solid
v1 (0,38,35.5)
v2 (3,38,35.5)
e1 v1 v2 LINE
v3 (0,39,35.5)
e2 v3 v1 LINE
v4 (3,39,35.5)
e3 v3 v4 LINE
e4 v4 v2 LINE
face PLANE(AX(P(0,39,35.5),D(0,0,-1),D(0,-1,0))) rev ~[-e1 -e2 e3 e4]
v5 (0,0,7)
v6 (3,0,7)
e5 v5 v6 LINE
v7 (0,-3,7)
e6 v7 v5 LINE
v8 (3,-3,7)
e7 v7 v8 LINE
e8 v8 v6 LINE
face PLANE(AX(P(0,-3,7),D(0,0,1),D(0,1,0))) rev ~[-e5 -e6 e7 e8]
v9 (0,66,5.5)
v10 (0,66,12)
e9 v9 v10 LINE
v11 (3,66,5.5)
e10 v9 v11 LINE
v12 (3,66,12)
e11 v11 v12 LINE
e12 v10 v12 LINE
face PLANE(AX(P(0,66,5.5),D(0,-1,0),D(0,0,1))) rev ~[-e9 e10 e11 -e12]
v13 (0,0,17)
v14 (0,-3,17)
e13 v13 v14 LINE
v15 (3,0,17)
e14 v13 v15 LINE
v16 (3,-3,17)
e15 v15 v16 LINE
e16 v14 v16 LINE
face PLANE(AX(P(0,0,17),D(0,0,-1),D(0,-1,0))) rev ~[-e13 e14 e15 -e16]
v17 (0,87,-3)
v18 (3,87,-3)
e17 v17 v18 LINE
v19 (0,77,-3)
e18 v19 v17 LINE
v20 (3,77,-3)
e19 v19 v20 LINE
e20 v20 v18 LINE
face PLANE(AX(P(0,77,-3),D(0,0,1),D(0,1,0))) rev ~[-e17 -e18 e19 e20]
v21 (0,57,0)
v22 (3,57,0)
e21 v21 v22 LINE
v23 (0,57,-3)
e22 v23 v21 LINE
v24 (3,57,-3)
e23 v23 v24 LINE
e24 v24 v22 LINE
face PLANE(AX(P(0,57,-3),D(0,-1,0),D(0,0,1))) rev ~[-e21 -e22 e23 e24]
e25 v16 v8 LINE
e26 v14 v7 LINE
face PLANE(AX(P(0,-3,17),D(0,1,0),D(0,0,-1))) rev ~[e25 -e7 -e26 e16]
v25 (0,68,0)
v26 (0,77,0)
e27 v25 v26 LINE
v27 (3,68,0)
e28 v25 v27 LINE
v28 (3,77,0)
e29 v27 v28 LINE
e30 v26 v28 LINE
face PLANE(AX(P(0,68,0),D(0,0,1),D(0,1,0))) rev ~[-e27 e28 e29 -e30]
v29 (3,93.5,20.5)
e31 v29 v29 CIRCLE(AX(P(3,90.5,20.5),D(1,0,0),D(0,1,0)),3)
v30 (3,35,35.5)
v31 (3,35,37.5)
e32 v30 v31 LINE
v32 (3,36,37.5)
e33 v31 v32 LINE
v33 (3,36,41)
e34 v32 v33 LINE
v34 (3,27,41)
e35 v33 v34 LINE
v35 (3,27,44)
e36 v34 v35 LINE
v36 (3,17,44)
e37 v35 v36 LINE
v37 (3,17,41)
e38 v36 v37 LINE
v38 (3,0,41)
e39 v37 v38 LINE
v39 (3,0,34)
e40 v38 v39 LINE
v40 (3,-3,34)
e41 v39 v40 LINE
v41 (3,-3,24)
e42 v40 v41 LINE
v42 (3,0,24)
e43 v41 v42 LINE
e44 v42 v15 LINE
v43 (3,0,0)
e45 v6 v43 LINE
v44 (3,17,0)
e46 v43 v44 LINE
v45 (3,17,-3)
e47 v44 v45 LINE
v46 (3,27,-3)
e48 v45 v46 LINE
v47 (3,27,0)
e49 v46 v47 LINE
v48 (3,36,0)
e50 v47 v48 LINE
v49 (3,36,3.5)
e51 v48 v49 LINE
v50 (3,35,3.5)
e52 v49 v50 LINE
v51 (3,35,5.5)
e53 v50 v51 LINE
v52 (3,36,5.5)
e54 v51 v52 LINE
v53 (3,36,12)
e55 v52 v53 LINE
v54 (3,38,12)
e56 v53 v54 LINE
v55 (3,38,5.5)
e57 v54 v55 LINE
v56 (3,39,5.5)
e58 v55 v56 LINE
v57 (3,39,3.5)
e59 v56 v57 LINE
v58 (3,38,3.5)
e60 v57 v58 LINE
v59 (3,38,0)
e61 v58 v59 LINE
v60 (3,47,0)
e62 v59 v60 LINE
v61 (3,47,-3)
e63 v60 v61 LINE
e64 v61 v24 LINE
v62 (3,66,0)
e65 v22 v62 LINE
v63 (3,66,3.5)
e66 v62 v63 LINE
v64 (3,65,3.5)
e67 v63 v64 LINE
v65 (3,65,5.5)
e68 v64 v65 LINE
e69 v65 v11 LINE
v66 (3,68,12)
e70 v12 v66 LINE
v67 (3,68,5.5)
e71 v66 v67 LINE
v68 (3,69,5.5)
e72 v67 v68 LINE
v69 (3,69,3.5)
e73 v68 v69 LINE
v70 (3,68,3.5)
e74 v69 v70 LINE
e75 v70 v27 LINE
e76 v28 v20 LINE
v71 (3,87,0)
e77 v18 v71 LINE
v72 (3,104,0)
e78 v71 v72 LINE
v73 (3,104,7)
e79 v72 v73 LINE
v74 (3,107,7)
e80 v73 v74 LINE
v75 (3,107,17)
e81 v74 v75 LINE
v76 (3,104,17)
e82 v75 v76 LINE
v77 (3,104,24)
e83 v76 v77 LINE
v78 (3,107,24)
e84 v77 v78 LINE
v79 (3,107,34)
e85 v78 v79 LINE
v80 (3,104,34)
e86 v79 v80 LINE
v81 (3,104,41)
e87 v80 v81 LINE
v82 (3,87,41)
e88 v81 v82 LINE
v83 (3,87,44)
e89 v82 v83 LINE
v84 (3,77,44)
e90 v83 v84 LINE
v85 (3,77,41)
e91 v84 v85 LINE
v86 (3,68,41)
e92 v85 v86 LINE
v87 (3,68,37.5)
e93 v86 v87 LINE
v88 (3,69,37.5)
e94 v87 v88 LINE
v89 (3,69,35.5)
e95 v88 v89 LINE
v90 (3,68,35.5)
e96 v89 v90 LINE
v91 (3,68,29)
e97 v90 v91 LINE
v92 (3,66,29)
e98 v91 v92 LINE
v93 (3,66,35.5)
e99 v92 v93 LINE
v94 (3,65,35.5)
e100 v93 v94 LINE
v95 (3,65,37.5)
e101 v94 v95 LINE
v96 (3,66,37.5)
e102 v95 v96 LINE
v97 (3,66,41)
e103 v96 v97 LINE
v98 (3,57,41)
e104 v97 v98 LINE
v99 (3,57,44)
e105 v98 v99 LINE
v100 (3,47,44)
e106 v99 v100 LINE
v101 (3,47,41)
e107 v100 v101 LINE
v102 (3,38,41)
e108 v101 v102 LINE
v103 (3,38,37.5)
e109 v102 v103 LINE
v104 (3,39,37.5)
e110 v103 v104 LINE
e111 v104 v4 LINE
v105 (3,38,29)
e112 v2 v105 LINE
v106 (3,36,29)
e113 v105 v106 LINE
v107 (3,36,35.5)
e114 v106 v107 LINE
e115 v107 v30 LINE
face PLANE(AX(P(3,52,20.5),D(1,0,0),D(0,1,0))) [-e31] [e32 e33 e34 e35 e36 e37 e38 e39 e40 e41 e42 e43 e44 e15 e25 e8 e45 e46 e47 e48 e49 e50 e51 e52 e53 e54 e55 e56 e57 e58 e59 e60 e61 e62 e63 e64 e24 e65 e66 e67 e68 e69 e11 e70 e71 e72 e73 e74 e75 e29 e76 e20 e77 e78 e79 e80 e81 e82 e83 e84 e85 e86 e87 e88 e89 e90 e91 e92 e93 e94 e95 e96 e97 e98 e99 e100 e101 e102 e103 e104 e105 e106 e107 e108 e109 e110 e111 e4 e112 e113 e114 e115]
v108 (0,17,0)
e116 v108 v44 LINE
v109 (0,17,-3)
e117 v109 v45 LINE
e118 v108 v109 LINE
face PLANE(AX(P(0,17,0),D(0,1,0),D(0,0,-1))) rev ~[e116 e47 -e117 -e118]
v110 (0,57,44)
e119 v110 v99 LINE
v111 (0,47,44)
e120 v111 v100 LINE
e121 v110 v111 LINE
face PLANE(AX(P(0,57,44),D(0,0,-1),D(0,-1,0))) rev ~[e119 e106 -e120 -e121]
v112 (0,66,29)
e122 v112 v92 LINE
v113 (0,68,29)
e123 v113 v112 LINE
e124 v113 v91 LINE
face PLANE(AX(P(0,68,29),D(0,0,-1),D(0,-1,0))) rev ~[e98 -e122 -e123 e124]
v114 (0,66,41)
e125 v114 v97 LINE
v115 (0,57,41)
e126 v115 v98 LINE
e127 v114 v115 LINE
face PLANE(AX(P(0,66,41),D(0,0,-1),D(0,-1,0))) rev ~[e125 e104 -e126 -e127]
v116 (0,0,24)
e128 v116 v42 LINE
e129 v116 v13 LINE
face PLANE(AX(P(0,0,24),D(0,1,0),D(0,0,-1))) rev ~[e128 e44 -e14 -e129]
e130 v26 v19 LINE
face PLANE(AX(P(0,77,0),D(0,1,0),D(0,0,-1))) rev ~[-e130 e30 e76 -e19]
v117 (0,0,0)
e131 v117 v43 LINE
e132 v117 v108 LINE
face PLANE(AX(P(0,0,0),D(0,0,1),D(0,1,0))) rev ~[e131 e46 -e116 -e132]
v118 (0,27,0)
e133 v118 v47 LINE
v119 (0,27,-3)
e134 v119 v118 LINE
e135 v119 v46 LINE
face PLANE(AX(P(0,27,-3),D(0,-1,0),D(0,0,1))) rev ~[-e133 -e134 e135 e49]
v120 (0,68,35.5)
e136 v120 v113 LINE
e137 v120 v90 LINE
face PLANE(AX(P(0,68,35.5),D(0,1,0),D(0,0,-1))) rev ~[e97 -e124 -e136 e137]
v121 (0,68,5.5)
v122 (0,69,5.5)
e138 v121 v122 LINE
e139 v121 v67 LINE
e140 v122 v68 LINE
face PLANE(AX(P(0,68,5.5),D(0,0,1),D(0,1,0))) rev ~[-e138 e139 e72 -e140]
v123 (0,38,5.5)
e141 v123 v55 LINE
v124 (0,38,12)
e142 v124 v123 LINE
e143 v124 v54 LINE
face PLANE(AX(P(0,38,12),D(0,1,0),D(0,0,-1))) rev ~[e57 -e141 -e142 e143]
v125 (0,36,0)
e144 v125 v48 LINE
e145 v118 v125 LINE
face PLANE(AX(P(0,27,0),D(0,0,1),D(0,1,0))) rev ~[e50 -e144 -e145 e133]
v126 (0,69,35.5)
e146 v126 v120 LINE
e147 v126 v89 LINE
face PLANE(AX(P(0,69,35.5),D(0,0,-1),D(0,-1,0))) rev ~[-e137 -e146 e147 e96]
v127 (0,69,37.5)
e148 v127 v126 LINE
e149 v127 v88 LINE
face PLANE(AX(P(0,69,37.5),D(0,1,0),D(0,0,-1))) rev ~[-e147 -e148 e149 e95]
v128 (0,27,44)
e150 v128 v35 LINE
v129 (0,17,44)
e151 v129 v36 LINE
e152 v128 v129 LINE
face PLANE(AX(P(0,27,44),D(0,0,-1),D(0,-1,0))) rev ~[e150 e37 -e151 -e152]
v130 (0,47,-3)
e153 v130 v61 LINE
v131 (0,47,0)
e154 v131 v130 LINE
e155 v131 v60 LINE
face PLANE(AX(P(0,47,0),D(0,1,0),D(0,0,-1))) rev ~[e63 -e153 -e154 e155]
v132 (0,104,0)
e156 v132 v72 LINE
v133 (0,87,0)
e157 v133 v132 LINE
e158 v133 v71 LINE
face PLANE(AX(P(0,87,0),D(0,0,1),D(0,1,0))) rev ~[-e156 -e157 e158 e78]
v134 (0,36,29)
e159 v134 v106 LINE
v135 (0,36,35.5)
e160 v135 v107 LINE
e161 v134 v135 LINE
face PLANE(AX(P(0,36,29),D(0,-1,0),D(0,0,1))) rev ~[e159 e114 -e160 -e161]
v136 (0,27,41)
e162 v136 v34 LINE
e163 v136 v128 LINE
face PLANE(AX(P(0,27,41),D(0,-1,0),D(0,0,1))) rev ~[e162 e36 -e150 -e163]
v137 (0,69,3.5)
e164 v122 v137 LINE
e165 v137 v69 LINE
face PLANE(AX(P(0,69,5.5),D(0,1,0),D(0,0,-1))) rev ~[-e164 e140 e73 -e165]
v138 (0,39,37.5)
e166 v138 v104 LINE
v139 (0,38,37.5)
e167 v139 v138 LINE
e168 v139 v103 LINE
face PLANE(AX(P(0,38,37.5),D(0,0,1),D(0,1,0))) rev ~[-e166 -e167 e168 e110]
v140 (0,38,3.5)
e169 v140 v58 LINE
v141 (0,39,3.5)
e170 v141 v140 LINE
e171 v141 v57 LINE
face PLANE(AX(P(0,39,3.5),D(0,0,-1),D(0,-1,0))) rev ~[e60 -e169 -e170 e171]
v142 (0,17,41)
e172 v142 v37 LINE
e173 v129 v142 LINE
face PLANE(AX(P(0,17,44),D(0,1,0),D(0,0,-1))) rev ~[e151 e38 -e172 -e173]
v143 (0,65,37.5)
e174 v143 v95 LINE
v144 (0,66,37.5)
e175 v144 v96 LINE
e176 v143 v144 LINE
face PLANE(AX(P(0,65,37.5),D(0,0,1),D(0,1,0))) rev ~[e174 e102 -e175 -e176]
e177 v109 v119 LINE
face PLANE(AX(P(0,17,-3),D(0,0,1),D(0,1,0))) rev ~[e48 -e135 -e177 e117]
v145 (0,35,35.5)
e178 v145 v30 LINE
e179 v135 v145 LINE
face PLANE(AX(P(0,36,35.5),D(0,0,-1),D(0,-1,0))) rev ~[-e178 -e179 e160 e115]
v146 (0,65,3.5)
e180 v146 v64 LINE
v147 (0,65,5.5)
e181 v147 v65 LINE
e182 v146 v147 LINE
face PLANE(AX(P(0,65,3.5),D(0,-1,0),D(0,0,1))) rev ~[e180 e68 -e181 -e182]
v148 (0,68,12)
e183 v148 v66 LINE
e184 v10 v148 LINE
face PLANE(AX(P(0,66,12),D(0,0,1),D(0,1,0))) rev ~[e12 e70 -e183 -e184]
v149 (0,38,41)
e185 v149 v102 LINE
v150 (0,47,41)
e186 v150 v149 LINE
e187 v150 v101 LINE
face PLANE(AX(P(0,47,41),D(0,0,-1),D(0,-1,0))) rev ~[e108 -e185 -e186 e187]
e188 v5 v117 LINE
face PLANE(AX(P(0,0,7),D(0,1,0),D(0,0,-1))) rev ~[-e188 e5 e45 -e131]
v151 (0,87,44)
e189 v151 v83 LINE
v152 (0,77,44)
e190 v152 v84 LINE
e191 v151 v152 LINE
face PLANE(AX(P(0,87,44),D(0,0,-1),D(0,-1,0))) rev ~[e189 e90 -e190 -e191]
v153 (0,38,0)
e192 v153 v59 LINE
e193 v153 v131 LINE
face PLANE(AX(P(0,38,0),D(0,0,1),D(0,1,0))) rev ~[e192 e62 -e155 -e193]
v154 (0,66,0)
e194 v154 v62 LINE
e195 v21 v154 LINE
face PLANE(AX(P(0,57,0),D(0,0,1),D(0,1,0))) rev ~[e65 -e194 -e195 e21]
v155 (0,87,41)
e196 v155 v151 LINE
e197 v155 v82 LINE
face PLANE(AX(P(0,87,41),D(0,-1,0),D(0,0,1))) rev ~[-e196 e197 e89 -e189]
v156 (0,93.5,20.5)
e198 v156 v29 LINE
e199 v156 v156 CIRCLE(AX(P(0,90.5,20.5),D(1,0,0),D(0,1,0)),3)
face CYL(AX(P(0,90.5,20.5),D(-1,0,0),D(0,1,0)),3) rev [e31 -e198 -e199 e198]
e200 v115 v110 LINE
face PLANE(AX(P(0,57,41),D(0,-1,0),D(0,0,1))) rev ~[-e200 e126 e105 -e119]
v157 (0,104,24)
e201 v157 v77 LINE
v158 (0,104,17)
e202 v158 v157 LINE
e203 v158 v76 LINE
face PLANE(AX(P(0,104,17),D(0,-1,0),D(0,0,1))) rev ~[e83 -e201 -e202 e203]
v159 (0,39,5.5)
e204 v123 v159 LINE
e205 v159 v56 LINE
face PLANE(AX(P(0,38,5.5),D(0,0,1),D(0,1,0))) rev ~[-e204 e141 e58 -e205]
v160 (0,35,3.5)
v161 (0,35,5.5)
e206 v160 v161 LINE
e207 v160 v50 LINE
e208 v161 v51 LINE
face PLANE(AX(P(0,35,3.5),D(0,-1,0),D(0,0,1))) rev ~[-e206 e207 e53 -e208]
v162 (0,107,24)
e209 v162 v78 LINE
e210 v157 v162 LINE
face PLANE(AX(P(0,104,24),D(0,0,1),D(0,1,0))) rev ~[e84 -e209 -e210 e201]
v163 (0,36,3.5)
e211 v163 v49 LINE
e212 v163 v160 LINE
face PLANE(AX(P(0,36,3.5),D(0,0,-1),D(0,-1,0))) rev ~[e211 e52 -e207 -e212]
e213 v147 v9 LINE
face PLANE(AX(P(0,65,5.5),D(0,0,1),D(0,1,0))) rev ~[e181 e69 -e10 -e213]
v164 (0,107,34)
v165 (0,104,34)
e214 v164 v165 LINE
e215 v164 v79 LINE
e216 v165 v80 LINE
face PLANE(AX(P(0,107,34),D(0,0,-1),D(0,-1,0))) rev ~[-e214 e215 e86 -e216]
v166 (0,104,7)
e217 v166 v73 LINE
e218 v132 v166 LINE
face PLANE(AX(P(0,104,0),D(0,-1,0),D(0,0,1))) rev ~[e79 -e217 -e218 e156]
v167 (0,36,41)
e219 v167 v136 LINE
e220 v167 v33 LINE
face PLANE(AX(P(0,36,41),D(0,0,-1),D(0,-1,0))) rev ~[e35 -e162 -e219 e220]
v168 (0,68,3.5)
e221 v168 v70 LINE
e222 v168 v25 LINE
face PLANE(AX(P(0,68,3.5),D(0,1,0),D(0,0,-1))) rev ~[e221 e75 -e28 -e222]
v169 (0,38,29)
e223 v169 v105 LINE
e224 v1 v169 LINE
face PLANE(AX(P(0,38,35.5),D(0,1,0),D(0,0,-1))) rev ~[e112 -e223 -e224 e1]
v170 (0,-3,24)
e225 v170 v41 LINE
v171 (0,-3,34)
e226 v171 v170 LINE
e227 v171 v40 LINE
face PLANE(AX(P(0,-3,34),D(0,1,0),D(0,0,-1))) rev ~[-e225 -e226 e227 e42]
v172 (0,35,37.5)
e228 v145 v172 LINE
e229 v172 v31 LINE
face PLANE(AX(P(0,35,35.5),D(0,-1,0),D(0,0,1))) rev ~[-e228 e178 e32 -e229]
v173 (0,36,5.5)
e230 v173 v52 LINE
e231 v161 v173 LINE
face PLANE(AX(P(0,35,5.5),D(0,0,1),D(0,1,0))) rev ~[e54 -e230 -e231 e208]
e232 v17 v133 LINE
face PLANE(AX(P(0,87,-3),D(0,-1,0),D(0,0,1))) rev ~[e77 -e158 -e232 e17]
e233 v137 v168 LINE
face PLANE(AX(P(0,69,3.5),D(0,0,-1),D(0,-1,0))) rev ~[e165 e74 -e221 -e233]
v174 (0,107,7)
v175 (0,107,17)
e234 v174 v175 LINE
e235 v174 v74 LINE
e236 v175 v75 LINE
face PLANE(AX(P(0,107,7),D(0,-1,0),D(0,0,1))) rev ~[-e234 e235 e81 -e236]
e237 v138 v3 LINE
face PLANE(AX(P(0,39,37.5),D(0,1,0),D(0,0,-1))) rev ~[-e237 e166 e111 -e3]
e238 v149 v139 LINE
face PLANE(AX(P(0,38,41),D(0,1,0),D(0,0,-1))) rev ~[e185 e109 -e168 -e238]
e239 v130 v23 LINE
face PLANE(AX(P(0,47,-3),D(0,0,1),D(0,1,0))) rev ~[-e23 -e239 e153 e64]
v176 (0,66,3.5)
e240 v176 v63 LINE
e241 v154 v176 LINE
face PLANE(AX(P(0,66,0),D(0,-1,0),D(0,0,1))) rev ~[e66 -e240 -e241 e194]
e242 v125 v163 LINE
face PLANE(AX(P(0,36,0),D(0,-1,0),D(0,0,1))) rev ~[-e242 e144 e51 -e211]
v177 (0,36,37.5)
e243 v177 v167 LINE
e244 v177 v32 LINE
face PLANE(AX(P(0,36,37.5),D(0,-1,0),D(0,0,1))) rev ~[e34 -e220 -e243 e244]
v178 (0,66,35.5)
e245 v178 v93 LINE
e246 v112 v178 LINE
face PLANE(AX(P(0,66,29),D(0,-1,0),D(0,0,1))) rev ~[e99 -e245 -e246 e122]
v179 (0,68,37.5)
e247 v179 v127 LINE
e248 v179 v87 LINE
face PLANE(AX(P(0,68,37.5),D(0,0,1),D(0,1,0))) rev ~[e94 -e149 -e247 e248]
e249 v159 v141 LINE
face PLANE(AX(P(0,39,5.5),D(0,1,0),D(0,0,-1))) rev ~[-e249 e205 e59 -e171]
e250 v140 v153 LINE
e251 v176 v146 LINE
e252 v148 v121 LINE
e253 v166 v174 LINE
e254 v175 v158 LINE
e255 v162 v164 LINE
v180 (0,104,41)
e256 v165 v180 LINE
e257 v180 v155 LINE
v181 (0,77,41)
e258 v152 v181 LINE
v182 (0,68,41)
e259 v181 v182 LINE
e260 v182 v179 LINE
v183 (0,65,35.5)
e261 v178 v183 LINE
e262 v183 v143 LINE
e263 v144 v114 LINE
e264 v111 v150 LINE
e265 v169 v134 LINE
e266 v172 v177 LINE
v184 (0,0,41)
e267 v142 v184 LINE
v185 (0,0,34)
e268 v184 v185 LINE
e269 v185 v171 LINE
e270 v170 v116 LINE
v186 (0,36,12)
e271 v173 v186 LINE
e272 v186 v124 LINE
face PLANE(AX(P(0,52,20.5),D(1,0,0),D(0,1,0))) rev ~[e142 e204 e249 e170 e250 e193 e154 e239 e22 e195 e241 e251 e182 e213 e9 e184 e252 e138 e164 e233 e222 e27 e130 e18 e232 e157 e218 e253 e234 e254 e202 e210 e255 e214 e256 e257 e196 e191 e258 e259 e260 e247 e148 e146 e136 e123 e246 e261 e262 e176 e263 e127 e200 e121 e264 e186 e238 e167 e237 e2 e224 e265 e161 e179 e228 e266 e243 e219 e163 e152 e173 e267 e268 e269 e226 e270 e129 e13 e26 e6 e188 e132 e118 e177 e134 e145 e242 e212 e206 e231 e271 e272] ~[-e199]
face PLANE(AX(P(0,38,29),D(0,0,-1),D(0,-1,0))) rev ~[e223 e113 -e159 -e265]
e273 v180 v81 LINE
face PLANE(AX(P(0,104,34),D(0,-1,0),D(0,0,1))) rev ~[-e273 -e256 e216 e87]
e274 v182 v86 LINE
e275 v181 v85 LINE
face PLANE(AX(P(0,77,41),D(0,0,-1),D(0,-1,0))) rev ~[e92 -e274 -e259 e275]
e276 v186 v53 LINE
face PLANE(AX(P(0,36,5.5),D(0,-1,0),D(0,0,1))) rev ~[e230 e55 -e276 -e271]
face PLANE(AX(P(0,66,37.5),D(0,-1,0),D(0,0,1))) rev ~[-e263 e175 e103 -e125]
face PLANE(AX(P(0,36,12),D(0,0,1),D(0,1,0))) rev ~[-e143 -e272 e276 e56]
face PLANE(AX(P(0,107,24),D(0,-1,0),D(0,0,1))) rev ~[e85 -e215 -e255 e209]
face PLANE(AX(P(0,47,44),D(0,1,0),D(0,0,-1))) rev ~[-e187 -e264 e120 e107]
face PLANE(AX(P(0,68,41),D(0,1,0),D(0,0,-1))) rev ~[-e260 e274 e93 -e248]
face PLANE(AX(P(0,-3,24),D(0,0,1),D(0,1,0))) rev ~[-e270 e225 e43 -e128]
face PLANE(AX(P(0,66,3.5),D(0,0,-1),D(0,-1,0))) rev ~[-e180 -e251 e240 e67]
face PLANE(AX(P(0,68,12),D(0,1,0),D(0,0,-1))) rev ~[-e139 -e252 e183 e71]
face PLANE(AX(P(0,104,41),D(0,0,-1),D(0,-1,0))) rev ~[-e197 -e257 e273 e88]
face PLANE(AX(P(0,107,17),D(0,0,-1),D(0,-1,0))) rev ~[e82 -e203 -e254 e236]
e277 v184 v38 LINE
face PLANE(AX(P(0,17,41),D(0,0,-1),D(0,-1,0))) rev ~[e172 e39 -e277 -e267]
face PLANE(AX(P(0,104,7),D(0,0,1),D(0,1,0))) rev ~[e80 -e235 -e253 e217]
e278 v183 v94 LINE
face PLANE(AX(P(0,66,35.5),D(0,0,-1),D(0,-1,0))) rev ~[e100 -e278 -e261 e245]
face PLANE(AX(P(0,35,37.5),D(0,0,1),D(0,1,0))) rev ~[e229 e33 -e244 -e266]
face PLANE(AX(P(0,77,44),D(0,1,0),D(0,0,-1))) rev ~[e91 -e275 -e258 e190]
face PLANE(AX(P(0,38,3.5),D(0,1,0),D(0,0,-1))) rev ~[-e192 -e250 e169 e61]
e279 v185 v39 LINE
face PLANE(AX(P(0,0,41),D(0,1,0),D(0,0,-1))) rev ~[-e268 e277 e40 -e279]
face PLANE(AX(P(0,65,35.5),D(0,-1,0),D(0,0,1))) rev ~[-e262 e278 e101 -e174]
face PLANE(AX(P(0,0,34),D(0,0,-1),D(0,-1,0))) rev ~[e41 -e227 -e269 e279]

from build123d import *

# Parameters (mm, degrees)
F0_R     = 3
F1_DEPTH = 3


with BuildPart() as f1:
    # F0 (on Right) → F1 (new body)
    with BuildSketch(Plane.YZ):
        Polygon((0, 7), (0, 0), (17, 0), (17, -3), (27, -3), (27, 0), (36, 0), (36, 3.5), (35, 3.5), (35, 5.5), (36, 5.5), (36, 12), (38, 12), (38, 5.5), (39, 5.5), (39, 3.5), (38, 3.5), (38, 0), (47, 0), (47, -3), (52, -3), (57, -3), (57, 0), (66, 0), (66, 3.5), (65, 3.5), (65, 5.5), (66, 5.5), (66, 12), (68, 12), (68, 5.5), (69, 5.5), (69, 3.5), (68, 3.5), (68, 0), (77, 0), (77, -3), (87, -3), (87, 0), (104, 0), (104, 7), (107, 7), (107, 17), (104, 17), (104, 20.5), (104, 24), (107, 24), (107, 34), (104, 34), (104, 41), (87, 41), (87, 44), (77, 44), (77, 41), (68, 41), (68, 37.5), (69, 37.5), (69, 35.5), (68, 35.5), (68, 29), (66, 29), (66, 35.5), (65, 35.5), (65, 37.5), (66, 37.5), (66, 41), (57, 41), (57, 44), (52, 44), (47, 44), (47, 41), (38, 41), (38, 37.5), (39, 37.5), (39, 35.5), (38, 35.5), (38, 29), (36, 29), (36, 35.5), (35, 35.5), (35, 37.5), (36, 37.5), (36, 41), (27, 41), (27, 44), (17, 44), (17, 41), (0, 41), (0, 34), (-3, 34), (-3, 24), (0, 24), (0, 20.5), (0, 17), (-3, 17), (-3, 7), align=None)
        with Locations((90.5, 20.5)):
            Circle(F0_R, mode=Mode.SUBTRACT)
    extrude(amount=F1_DEPTH)


solid = f1.part
